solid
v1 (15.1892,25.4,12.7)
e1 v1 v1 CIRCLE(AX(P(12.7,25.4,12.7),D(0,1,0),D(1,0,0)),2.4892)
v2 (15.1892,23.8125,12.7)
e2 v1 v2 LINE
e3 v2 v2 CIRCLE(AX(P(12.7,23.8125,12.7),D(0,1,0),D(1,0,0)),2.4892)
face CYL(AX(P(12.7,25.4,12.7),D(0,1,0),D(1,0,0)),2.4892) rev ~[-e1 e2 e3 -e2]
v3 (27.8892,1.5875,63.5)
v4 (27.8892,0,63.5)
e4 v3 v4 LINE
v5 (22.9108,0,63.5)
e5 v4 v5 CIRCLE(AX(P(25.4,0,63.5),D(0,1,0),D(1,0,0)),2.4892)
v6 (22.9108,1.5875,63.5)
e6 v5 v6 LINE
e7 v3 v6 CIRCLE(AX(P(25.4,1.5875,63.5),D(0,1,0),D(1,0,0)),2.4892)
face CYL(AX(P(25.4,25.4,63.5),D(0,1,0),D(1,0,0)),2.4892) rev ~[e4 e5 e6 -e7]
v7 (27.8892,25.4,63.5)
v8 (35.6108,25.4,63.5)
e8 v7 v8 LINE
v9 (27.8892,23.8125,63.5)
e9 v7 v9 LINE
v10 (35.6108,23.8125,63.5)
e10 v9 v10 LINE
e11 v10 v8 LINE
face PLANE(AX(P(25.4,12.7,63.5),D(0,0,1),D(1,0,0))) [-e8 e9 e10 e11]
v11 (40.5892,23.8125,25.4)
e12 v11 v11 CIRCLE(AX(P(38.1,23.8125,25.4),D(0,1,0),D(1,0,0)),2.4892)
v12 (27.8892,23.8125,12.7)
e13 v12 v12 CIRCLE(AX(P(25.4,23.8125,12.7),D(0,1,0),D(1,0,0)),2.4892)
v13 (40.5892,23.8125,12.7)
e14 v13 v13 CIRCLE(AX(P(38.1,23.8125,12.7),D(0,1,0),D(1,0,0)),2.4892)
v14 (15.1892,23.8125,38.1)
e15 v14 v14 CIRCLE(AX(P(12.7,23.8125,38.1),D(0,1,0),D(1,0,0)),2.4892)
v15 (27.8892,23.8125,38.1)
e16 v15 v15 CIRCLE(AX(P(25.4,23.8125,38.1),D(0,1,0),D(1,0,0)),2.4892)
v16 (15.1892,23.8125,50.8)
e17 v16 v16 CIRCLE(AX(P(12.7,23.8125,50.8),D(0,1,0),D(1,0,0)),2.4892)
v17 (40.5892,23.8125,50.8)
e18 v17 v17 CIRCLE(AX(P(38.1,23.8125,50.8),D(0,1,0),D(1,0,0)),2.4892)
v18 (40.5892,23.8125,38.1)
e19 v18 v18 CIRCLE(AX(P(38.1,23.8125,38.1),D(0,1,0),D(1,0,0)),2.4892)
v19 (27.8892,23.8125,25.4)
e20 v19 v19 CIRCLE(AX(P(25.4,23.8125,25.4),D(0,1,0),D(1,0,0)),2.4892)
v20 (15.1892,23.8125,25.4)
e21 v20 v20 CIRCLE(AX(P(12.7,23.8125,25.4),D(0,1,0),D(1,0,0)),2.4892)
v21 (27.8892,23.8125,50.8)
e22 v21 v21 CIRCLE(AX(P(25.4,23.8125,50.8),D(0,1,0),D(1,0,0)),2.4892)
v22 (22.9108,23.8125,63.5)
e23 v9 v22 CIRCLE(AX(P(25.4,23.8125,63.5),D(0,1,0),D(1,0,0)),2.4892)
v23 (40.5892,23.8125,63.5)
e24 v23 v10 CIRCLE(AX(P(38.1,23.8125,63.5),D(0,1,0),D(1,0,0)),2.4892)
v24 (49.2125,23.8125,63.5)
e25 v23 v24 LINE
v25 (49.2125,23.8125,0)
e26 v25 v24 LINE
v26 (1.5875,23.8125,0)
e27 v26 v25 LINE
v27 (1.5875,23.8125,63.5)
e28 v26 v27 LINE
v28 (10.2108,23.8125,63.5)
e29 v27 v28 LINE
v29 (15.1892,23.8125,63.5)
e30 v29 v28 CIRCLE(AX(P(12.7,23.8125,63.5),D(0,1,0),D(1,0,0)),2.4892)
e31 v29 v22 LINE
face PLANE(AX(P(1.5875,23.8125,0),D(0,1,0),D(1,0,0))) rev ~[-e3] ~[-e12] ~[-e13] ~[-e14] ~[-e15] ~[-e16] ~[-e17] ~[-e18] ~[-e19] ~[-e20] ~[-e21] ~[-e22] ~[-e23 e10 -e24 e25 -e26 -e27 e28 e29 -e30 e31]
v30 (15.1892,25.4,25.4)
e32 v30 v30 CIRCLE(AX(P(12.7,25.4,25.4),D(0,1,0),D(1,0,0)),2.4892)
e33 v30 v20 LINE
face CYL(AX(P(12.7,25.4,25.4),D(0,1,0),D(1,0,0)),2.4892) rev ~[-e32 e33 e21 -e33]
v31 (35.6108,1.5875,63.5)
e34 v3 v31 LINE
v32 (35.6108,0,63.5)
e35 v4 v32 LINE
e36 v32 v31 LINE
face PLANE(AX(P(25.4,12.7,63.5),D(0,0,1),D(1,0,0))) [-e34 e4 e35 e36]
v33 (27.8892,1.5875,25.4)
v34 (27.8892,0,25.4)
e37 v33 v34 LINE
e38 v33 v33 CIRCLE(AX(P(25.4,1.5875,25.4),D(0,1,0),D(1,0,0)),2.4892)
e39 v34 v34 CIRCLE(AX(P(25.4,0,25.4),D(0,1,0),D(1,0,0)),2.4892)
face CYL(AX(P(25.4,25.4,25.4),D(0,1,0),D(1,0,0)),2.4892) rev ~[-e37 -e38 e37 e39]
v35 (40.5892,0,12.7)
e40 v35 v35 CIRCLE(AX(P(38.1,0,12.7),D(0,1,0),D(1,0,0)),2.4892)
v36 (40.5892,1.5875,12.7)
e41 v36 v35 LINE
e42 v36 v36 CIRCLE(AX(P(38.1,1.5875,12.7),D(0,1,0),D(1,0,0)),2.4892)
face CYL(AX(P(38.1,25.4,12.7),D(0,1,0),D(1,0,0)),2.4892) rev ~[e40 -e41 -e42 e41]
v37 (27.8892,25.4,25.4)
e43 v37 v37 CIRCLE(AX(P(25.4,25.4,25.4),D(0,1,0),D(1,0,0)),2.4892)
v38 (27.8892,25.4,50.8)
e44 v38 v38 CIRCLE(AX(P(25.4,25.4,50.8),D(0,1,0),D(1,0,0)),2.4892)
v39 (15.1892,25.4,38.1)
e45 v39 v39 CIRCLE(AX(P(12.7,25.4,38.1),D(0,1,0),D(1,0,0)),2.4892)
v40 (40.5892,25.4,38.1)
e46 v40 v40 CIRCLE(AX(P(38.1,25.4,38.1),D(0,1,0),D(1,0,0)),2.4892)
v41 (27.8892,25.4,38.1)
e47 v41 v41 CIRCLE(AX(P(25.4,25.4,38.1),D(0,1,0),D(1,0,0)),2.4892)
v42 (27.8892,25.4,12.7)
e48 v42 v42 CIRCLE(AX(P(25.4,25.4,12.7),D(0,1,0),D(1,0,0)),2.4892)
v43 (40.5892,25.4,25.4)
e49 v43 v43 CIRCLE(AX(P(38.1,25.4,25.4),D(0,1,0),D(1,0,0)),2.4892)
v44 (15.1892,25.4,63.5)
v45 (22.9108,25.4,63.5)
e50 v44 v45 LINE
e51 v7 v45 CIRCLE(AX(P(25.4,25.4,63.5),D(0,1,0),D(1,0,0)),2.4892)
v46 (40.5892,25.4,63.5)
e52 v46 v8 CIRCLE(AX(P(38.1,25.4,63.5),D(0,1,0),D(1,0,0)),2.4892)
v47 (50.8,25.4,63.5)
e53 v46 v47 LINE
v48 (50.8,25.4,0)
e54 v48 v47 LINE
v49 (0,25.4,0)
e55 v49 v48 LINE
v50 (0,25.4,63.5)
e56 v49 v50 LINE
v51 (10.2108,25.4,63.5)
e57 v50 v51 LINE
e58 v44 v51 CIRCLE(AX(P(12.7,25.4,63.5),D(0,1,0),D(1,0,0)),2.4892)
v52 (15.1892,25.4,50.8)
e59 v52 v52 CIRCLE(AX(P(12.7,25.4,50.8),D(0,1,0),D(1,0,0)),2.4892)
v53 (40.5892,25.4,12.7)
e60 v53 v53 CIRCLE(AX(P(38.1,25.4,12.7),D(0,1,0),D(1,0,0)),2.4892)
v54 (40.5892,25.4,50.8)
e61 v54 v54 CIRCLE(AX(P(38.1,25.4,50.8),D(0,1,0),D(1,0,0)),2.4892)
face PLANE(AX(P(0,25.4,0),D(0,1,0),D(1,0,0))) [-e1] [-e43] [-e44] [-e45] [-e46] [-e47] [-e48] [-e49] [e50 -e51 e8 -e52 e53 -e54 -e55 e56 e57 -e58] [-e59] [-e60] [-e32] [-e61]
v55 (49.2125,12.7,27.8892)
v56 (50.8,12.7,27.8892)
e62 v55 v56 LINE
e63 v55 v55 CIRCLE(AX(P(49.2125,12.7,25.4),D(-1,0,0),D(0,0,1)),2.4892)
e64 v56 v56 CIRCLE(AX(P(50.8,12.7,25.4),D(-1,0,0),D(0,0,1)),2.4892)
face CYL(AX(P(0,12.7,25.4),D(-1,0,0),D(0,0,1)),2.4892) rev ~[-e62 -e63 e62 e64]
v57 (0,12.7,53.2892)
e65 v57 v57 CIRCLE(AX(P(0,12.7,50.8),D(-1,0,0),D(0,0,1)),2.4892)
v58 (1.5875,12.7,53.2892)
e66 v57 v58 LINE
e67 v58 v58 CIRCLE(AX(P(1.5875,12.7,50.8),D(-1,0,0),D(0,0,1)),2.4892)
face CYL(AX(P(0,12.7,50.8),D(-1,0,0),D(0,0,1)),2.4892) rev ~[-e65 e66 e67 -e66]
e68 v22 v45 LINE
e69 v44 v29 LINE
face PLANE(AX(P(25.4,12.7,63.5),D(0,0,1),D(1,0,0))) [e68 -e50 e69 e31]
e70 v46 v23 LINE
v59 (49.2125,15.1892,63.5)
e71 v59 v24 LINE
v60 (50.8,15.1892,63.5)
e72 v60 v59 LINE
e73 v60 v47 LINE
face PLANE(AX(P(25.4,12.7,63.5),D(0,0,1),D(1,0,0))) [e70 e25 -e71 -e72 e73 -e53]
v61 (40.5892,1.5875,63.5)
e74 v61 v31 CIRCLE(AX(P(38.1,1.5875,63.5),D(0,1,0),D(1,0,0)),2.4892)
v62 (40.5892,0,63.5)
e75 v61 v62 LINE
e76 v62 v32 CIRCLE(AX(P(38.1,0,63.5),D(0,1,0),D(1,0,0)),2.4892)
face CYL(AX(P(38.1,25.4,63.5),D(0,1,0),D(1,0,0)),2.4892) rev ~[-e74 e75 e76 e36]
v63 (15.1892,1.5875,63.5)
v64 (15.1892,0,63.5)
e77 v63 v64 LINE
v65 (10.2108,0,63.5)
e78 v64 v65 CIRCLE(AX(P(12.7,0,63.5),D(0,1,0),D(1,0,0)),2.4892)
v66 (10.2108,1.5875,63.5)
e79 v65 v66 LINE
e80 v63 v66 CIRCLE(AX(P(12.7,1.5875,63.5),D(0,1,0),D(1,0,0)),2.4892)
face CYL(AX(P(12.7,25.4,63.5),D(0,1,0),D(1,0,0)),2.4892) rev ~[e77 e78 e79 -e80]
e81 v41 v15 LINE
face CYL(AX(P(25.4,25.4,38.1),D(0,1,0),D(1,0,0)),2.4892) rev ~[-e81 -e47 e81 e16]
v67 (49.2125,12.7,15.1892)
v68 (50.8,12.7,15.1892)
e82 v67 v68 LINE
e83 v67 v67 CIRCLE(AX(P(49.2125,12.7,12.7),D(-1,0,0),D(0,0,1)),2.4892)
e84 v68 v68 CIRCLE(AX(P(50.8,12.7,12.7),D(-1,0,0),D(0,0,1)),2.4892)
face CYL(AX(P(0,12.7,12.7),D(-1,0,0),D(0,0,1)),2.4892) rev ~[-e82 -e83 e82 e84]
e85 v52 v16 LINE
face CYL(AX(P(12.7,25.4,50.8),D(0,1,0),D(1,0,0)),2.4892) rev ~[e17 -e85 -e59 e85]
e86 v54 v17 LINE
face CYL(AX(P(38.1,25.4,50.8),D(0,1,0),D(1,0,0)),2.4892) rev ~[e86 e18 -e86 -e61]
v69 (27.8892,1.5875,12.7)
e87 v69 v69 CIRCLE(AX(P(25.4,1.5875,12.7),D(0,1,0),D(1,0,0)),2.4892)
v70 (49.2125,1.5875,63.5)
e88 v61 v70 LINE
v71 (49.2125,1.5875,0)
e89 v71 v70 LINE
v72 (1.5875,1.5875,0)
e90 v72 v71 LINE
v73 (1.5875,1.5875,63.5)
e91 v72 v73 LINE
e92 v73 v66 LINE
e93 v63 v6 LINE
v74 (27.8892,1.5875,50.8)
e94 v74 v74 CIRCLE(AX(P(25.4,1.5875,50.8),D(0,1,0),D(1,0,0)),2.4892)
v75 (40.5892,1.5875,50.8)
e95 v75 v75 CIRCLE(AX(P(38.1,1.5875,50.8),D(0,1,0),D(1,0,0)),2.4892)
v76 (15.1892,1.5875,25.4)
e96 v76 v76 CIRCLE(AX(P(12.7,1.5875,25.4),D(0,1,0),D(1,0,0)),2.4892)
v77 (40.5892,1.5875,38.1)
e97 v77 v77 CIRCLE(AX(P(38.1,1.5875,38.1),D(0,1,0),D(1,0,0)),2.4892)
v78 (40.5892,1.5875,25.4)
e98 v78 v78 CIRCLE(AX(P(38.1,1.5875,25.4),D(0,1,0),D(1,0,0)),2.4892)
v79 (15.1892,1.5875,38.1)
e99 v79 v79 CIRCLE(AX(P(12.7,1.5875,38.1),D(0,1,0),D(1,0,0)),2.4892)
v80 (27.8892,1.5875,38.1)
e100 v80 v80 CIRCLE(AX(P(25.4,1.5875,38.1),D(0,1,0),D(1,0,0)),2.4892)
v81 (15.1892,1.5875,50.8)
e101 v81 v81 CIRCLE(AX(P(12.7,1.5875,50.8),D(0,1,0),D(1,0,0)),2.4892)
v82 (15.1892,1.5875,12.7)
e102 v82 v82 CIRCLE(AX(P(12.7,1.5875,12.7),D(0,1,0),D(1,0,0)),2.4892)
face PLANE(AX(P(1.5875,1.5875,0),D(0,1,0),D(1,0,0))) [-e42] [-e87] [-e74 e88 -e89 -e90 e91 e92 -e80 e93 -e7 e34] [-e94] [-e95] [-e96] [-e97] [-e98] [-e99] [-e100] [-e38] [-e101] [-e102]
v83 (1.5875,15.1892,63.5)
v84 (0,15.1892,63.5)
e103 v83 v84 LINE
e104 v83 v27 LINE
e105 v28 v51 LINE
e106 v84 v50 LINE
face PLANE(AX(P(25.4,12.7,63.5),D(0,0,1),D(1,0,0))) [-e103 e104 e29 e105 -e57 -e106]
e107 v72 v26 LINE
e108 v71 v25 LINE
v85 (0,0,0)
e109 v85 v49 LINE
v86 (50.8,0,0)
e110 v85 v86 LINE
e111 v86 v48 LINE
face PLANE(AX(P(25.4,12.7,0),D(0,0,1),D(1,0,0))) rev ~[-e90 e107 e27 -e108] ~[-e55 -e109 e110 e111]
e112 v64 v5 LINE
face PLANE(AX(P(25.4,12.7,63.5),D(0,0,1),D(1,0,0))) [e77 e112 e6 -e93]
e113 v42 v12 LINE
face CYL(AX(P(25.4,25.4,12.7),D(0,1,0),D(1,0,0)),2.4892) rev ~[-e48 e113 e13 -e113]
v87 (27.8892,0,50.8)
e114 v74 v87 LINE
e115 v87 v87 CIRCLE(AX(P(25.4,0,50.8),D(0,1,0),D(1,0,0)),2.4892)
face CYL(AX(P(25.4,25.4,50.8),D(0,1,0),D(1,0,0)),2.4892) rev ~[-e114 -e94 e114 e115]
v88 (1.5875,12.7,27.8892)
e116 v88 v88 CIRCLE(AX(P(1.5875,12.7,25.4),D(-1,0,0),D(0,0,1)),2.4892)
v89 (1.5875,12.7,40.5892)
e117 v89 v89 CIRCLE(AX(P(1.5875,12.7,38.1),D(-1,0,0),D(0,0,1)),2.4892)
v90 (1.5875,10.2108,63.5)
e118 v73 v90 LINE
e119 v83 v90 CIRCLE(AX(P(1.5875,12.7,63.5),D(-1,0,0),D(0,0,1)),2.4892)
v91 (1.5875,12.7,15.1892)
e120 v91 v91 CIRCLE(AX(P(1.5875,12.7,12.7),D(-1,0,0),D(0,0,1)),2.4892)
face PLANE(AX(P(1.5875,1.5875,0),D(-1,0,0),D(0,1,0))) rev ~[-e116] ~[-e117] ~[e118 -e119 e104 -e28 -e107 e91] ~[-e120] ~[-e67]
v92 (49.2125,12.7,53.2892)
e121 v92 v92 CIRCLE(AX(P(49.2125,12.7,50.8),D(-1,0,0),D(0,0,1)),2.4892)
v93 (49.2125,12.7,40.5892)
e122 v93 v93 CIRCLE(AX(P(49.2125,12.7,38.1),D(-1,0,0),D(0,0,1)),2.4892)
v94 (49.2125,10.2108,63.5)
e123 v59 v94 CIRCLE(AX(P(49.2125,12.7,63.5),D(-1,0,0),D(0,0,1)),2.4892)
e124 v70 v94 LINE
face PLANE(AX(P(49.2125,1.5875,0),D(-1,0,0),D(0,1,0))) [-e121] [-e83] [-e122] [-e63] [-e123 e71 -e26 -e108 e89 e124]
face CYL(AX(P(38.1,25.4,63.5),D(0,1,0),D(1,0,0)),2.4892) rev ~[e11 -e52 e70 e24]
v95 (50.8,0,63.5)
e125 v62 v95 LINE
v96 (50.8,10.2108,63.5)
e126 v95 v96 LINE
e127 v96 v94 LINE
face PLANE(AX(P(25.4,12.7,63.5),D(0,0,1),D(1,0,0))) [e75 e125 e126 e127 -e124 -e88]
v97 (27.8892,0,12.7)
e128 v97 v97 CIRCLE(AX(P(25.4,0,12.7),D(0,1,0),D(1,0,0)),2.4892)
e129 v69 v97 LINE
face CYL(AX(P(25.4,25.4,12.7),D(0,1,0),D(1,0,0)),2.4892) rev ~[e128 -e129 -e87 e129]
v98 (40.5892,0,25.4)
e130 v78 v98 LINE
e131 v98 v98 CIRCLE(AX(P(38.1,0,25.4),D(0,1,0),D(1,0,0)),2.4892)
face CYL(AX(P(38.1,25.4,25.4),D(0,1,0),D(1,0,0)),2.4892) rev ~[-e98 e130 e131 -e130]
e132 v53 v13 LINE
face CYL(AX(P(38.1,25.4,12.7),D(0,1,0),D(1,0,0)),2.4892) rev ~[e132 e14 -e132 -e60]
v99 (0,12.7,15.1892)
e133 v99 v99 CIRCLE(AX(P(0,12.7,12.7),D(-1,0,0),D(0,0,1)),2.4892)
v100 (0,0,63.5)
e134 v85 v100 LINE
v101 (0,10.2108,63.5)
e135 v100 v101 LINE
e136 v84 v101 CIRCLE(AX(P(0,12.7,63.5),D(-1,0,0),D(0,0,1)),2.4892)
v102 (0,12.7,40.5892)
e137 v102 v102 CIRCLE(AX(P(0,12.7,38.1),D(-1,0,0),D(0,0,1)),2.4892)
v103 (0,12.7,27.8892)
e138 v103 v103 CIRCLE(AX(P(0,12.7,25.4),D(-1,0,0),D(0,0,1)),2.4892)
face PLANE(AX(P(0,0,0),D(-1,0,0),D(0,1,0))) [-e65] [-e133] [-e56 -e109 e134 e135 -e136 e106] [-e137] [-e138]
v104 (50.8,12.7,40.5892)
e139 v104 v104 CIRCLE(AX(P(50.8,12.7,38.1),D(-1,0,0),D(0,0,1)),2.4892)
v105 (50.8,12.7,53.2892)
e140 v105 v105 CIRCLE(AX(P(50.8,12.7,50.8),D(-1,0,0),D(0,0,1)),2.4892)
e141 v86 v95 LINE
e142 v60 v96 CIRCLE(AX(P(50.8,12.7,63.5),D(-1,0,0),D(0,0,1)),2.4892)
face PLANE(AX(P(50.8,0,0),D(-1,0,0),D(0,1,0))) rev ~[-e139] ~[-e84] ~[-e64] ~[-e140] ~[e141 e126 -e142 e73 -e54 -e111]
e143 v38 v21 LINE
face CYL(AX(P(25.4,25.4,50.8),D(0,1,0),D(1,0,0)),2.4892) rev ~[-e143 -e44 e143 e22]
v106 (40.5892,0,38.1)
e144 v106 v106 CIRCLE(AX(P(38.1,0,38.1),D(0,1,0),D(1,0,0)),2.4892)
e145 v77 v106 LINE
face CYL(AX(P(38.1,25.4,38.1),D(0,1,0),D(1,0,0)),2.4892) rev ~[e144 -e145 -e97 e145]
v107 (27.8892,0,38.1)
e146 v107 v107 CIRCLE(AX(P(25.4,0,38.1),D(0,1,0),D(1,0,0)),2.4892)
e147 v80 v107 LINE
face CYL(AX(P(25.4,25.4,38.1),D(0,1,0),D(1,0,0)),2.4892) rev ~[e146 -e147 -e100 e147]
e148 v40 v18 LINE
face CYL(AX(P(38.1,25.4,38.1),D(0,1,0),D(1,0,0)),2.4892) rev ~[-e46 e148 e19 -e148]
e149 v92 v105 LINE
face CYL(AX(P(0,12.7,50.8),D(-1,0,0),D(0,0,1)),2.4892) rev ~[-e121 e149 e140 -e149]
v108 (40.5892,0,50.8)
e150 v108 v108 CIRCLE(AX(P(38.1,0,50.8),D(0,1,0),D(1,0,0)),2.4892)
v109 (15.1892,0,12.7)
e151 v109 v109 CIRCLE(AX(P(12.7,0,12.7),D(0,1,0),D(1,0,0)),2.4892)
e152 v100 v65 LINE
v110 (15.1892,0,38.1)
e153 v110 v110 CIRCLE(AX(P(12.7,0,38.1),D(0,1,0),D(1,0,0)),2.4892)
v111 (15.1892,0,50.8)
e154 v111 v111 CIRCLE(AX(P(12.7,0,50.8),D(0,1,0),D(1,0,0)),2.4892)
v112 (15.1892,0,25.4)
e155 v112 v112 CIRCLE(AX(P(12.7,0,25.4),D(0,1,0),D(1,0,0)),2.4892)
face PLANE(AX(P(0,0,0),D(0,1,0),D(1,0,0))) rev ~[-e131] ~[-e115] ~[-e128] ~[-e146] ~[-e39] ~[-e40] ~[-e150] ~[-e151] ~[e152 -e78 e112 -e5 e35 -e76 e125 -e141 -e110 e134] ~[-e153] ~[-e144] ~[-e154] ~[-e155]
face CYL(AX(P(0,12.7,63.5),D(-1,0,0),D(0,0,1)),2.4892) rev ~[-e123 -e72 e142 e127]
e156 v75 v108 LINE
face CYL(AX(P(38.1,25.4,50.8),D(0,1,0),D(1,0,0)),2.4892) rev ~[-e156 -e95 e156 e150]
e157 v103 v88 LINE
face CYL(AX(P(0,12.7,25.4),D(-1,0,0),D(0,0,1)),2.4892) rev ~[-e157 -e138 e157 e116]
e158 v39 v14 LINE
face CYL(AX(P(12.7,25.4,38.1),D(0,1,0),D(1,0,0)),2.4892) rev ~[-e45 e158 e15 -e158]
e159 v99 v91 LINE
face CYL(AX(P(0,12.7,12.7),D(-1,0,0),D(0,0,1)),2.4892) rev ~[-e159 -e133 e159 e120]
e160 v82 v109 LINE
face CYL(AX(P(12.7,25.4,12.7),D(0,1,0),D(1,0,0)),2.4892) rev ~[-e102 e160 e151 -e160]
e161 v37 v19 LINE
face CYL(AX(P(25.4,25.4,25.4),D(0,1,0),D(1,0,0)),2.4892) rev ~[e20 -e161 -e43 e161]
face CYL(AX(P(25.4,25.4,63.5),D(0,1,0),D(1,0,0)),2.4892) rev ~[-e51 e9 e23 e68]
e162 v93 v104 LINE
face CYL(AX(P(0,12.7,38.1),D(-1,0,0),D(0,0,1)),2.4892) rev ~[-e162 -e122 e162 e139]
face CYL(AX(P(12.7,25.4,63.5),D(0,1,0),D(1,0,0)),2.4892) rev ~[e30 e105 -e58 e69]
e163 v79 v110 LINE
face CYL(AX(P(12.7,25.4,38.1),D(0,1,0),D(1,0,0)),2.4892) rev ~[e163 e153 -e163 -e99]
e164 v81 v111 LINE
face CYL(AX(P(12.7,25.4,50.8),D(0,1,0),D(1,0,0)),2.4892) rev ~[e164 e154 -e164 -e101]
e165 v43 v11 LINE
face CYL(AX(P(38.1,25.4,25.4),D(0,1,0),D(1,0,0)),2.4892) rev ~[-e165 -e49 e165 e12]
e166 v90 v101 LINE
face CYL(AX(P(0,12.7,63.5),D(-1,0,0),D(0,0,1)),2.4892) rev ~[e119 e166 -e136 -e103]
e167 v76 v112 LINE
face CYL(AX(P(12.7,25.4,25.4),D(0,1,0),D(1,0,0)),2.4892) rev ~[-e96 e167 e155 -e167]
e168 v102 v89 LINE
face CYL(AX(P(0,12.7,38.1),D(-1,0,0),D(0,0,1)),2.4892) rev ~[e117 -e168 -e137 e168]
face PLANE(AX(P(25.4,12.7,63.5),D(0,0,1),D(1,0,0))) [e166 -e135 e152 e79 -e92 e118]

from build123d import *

# Parameters (mm, degrees)
SKETCH1_W           = 50.8
SKETCH1_H           = 25.4
SKETCH1_W_2         = 47.625
SKETCH1_H_2         = 22.225
BOSS_EXTRUDE1_DEPTH = 63.5
SKETCH2_R           = 2.4892
CUT_EXTRUDE1_DEPTH  = 26.4
SKETCH3_R           = 2.4892
CUT_EXTRUDE2_DEPTH  = 51.8


with BuildPart() as part:
    # Sketch1 → Boss-Extrude1 (new body)
    with BuildSketch(Plane.XY):
        with Locations((25.4, 12.7)):
            Rectangle(SKETCH1_W, SKETCH1_H)
        with Locations((25.4, 12.7)):
            Rectangle(SKETCH1_W_2, SKETCH1_H_2, mode=Mode.SUBTRACT)
    extrude(amount=BOSS_EXTRUDE1_DEPTH)

    # Sketch2 → Cut-Extrude1 (cut, through all)
    with BuildSketch(Plane(origin=(0, 25.4, 0), x_dir=(1, 0, 0), z_dir=(0, 1, 0))):
        with Locations((12.7, -12.7)):
            Circle(SKETCH2_R)
        with Locations((25.4, -12.7)):
            Circle(SKETCH2_R)
        with Locations((38.1, -12.7)):
            Circle(SKETCH2_R)
        with Locations((25.4, -25.4)):
            Circle(SKETCH2_R)
        with Locations((38.1, -25.4)):
            Circle(SKETCH2_R)
        with Locations((25.4, -38.1)):
            Circle(SKETCH2_R)
        with Locations((38.1, -38.1)):
            Circle(SKETCH2_R)
        with Locations((25.4, -50.8)):
            Circle(SKETCH2_R)
        with Locations((38.1, -50.8)):
            Circle(SKETCH2_R)
        with Locations((25.4, -63.5)):
            Circle(SKETCH2_R)
        with Locations((38.1, -63.5)):
            Circle(SKETCH2_R)
        with Locations((12.7, -25.4)):
            Circle(SKETCH2_R)
        with Locations((12.7, -38.1)):
            Circle(SKETCH2_R)
        with Locations((12.7, -50.8)):
            Circle(SKETCH2_R)
        with Locations((12.7, -63.5)):
            Circle(SKETCH2_R)
    extrude(amount=-CUT_EXTRUDE1_DEPTH, mode=Mode.SUBTRACT)

    # Sketch3 → Cut-Extrude2 (cut, through all)
    with BuildSketch(Plane.ZY):
        with Locations((12.7, 12.7)):
            Circle(SKETCH3_R)
        with Locations((25.4, 12.7)):
            Circle(SKETCH3_R)
        with Locations((38.1, 12.7)):
            Circle(SKETCH3_R)
        with Locations((50.8, 12.7)):
            Circle(SKETCH3_R)
        with Locations((63.5, 12.7)):
            Circle(SKETCH3_R)
    extrude(amount=-CUT_EXTRUDE2_DEPTH, mode=Mode.SUBTRACT)


solid = part.part
